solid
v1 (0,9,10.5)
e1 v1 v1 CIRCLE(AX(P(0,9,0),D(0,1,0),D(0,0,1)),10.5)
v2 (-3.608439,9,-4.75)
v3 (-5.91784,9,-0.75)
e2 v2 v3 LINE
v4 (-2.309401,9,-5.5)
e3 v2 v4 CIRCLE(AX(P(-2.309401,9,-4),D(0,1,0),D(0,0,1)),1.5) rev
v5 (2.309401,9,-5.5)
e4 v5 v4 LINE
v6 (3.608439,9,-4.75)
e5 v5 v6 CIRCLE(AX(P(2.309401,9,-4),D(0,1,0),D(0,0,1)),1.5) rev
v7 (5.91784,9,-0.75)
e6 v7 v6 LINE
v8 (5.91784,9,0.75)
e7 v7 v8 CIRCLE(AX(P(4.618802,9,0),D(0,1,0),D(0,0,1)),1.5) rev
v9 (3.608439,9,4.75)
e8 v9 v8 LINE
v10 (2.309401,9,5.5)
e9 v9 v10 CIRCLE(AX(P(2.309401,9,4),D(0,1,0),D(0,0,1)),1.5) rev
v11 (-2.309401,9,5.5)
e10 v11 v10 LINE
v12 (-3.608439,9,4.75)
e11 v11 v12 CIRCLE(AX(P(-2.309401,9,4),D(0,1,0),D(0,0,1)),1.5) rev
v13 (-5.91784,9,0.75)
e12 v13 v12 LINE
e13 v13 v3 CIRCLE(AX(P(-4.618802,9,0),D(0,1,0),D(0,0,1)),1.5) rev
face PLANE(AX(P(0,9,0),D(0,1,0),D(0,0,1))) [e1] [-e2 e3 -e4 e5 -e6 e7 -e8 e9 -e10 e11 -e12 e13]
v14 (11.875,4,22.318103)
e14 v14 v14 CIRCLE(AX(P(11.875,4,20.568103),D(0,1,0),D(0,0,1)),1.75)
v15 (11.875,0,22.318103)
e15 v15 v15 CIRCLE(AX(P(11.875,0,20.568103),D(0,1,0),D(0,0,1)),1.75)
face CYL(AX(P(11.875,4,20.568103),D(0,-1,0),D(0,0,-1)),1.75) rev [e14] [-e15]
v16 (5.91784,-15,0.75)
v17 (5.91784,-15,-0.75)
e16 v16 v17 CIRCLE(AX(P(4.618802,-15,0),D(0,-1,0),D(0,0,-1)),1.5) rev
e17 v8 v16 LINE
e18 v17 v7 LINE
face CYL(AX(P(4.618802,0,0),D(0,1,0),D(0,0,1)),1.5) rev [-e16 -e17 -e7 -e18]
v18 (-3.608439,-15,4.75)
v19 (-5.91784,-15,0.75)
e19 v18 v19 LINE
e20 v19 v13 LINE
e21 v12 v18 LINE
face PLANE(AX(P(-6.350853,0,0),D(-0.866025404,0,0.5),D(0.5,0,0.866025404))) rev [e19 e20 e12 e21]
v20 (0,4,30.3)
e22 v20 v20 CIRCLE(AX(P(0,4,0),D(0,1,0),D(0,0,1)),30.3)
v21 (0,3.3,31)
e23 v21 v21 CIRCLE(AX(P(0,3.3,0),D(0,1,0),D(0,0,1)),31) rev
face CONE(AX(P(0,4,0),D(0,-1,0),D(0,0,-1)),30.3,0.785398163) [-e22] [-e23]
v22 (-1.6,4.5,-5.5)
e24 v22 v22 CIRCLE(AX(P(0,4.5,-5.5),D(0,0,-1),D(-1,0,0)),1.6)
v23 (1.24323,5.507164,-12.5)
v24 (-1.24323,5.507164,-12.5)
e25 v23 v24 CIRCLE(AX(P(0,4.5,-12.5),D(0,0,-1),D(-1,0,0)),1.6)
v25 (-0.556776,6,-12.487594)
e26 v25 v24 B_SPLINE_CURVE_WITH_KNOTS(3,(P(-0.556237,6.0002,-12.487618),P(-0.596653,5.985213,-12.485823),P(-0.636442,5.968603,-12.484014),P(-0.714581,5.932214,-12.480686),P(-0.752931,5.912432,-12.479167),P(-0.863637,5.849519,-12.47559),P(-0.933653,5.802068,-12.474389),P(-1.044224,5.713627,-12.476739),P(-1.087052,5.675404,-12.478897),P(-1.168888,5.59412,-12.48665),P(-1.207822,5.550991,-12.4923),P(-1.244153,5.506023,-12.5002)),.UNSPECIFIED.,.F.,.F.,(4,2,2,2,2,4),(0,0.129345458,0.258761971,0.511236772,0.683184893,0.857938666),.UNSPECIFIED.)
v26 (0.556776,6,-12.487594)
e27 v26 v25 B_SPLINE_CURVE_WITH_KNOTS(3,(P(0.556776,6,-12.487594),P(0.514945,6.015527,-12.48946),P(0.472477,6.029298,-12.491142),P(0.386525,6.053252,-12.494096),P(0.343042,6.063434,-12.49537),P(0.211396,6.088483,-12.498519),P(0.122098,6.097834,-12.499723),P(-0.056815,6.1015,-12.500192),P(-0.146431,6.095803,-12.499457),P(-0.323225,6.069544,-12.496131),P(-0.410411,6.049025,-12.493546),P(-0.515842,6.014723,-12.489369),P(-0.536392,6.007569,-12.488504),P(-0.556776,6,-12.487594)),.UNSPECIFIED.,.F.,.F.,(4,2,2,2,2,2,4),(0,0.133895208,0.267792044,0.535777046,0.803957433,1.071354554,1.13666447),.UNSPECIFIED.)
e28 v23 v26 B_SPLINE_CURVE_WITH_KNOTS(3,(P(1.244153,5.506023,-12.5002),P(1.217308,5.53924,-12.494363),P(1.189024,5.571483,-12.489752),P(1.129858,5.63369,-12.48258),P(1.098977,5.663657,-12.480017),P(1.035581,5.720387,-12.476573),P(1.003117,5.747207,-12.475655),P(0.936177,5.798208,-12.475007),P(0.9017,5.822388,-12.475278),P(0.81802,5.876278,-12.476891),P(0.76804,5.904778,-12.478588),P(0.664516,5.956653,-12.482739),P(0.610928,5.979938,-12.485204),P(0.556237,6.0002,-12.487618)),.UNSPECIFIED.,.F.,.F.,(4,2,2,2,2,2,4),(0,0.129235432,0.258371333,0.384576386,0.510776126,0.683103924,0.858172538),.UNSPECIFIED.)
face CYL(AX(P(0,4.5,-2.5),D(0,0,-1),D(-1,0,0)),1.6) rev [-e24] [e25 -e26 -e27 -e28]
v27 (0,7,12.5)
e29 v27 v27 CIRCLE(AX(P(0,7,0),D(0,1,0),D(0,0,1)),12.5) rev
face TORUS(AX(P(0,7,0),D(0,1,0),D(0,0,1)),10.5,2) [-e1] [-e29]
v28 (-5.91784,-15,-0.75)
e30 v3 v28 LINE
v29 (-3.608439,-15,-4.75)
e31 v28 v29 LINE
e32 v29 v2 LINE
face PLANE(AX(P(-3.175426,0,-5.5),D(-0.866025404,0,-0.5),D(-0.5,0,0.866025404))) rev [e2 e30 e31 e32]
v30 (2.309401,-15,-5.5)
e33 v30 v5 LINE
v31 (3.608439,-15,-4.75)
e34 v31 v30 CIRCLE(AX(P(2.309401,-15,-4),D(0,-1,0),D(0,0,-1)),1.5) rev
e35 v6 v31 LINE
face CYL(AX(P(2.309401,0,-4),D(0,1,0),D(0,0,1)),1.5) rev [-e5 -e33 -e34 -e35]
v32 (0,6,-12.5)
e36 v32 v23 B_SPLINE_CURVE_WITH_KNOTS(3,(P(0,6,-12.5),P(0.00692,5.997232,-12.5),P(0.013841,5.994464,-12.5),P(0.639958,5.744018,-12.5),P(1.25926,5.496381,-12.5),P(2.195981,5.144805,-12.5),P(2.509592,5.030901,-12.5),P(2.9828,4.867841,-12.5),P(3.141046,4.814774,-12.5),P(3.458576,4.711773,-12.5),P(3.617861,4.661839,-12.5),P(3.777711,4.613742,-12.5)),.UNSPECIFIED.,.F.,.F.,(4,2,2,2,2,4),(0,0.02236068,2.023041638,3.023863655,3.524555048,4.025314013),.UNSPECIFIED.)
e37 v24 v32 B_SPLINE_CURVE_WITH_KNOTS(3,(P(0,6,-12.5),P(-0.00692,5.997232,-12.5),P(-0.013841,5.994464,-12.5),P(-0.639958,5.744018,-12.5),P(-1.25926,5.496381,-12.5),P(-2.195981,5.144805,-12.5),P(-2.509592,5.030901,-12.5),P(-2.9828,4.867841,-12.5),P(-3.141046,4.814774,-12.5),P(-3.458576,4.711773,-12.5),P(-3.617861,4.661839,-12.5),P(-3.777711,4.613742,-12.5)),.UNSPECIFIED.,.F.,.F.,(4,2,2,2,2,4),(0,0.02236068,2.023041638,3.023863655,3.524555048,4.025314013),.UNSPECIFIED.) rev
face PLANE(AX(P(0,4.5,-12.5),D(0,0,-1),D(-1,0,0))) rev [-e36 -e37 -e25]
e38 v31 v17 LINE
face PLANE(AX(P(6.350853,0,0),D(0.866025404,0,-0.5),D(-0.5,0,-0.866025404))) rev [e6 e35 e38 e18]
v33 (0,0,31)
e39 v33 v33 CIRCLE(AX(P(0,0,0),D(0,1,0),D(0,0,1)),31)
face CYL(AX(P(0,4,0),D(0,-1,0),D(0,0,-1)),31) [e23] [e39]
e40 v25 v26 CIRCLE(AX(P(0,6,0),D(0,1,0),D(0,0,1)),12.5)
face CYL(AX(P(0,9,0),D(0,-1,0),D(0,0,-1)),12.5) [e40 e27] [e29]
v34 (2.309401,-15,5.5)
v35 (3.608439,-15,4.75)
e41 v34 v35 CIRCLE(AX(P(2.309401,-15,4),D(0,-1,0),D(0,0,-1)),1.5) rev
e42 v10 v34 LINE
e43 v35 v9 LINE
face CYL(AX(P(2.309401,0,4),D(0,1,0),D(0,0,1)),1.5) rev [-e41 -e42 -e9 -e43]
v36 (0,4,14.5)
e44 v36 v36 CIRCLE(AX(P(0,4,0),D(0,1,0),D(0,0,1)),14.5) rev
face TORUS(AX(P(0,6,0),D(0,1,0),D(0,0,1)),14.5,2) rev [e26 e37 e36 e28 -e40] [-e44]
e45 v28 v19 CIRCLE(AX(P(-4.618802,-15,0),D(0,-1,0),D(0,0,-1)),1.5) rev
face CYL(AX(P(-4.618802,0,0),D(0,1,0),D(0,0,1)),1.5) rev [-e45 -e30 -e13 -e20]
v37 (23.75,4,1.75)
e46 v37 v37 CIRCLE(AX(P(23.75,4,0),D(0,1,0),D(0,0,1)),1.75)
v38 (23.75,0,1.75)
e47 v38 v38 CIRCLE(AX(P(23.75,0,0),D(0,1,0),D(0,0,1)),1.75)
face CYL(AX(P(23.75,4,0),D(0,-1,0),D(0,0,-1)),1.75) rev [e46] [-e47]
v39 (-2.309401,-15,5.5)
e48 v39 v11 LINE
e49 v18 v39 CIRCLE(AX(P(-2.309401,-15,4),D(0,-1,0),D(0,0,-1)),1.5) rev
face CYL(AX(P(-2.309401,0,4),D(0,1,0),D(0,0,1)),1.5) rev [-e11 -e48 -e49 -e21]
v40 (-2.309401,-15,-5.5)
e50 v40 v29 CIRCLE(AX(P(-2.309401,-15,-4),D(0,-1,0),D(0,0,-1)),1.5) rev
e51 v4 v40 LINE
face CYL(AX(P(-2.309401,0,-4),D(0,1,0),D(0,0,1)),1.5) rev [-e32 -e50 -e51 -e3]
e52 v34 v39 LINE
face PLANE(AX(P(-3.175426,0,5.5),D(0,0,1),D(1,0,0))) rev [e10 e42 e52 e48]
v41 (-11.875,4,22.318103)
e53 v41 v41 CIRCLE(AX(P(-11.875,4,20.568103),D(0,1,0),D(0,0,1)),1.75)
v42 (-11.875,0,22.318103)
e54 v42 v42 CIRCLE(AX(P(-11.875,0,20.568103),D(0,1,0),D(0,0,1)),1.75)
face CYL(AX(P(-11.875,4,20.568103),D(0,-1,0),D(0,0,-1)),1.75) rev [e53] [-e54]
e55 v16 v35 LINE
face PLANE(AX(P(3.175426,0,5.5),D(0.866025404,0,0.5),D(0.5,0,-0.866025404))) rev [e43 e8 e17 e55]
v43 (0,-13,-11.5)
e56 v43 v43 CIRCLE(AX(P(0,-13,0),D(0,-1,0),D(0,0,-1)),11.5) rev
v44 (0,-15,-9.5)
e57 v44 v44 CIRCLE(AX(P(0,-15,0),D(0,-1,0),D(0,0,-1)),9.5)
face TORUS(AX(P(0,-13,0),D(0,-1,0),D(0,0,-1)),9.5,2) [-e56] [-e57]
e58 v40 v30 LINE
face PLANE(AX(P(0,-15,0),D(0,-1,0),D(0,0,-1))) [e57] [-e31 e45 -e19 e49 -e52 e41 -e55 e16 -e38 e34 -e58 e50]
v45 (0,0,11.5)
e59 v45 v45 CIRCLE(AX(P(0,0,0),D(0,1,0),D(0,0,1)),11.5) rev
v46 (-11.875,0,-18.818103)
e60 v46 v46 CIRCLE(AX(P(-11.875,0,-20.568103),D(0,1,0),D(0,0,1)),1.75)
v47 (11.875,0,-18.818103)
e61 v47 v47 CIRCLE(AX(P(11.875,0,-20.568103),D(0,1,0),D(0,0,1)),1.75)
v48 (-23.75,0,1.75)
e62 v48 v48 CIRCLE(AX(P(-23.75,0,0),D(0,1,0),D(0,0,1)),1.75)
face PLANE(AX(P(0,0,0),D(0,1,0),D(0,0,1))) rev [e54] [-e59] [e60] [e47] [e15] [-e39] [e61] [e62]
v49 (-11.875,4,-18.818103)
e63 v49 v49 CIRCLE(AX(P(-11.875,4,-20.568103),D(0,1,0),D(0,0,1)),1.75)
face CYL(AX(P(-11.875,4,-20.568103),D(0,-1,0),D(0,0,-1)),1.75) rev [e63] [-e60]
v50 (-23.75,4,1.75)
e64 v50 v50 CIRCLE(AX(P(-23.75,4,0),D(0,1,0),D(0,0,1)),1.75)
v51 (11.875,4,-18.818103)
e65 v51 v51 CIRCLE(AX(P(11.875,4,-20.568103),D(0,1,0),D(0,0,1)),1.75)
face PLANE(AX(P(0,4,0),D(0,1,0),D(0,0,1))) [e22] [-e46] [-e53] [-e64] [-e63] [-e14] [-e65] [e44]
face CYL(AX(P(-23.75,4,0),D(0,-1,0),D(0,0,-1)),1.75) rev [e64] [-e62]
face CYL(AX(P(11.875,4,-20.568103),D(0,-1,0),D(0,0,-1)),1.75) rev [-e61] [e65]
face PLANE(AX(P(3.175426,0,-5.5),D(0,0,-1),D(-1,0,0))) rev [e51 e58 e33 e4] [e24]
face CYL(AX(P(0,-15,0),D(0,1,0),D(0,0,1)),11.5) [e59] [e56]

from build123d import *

# Parameters (mm, degrees)
SKETCH1_R           = 31
SKETCH1_R_2         = 1.75
BOSS_EXTRUDE1_DEPTH = 4
SKETCH2_R           = 12.5
BOSS_EXTRUDE2_DEPTH = 5
CUT_EXTRUDE1_DEPTH  = 45.754888001
FILLET1_R           = 2
FILLET2_R           = 2
SKETCH5_R           = 1.6
CUT_EXTRUDE2_DEPTH  = 10
CHAMFER2_SIZE       = 0.7
SKETCH6_R           = 11.5
BOSS_EXTRUDE3_DEPTH = 15
FILLET3_R           = 2
CUT_EXTRUDE3_DEPTH  = 50.979995998
FILLET4_R           = 1.5


with BuildPart() as part:
    # Sketch1 → Boss-Extrude1 (new body)
    with BuildSketch(Plane(origin=(0, 0, 0), x_dir=(1, 0, 0), z_dir=(0, 1, 0))):
        with Locations(Location((0, 0, 0), (0, 0, 270))):
            Circle(SKETCH1_R)
        with Locations(Location((-11.875, 20.56810334, 0), (0, 0, 270))):
            Circle(SKETCH1_R_2, mode=Mode.SUBTRACT)
        with Locations(Location((11.875, 20.56810334, 0), (0, 0, 270))):
            Circle(SKETCH1_R_2, mode=Mode.SUBTRACT)
        with Locations(Location((23.75, 0, 0), (0, 0, 270))):
            Circle(SKETCH1_R_2, mode=Mode.SUBTRACT)
        with Locations(Location((11.875, -20.56810334, 0), (0, 0, 270))):
            Circle(SKETCH1_R_2, mode=Mode.SUBTRACT)
        with Locations(Location((-11.875, -20.56810334, 0), (0, 0, 270))):
            Circle(SKETCH1_R_2, mode=Mode.SUBTRACT)
        with Locations(Location((-23.75, 0, 0), (0, 0, 270))):
            Circle(SKETCH1_R_2, mode=Mode.SUBTRACT)
    extrude(amount=BOSS_EXTRUDE1_DEPTH)

    # Sketch2 → Boss-Extrude2 (add)
    with BuildSketch(Plane(origin=(0, 4, 0), x_dir=(1, 0, 0), z_dir=(0, 1, 0))):
        with Locations(Location((0, 0, 0), (0, 0, 270))):
            Circle(SKETCH2_R)
    extrude(amount=BOSS_EXTRUDE2_DEPTH)

    # Sketch3 → Cut-Extrude1 (cut, through all)
    with BuildSketch(Plane(origin=(0, 9, 0), x_dir=(1, 0, 0), z_dir=(0, 1, 0))):
        Polygon((3.175426481, 5.5), (-3.175426481, 5.5), (-6.350852961, 0), (-3.175426481, -5.5), (3.175426481, -5.5), (6.350852961, 0), align=None)
    extrude(amount=-CUT_EXTRUDE1_DEPTH, mode=Mode.SUBTRACT)

    # Fillet1
    fillet1_edges = [part.edges().sort_by_distance(p)[0] for p in [
        (3.175426481, 4.5, -5.5),
        (6.350852961, 4.5, 0),
        (3.175426481, 4.5, 5.5),
        (-3.175426481, 4.5, 5.5),
        (-6.350852961, 4.5, 0),
        (-3.175426481, 4.5, -5.5),
    ]]
    fillet(fillet1_edges, radius=FILLET1_R)

    # Fillet2
    fillet2_edges = [part.edges().sort_by_distance(p)[0] for p in [
        (0, 4, -12.5),
        (0, 9, -12.5),
    ]]
    fillet(fillet2_edges, radius=FILLET2_R)

    # Sketch5 → Cut-Extrude2 (cut)
    with BuildSketch(Plane(origin=(0, 9, -12.5), x_dir=(-1, 0, 0), z_dir=(0, 0, -1))):
        with Locations((0, -4.5)):
            Circle(SKETCH5_R)
    extrude(amount=-CUT_EXTRUDE2_DEPTH, mode=Mode.SUBTRACT)

    # Chamfer2
    chamfer2_edges = [part.edges().sort_by_distance(p)[0] for p in [
        (0, 4, -31),
    ]]
    chamfer(chamfer2_edges, length=CHAMFER2_SIZE)

    # Sketch6 → Boss-Extrude3 (add)
    with BuildSketch(Plane(origin=(0, 0, 0), x_dir=(-1, 0, 0), z_dir=(0, -1, 0))):
        with Locations(Location((0, 0, 0), (0, 0, 270))):
            Circle(SKETCH6_R)
    extrude(amount=BOSS_EXTRUDE3_DEPTH)

    # Fillet3
    fillet3_edges = [part.edges().sort_by_distance(p)[0] for p in [
        (0, -15, -11.5),
    ]]
    fillet(fillet3_edges, radius=FILLET3_R)

    # Sketch7 → Cut-Extrude3 (cut, through all)
    with BuildSketch(Plane(origin=(0, -15, 0), x_dir=(-1, 0, 0), z_dir=(0, -1, 0))):
        Polygon((-3.175426481, -5.5), (3.175426481, -5.5), (6.350852961, 0), (3.175426481, 5.5), (-3.175426481, 5.5), (-6.350852961, 0), align=None)
    extrude(amount=-CUT_EXTRUDE3_DEPTH, mode=Mode.SUBTRACT)

    # Fillet4
    fillet4_edges = [part.edges().sort_by_distance(p)[0] for p in [
        (3.175426481, -3, 5.5),
        (3.175426481, -3, -5.5),
        (6.350852961, -3, 0),
        (-3.175426481, -3, -5.5),
        (-6.350852961, -3, 0),
        (-3.175426481, -3, 5.5),
    ]]
    fillet(fillet4_edges, radius=FILLET4_R)


solid = part.part
